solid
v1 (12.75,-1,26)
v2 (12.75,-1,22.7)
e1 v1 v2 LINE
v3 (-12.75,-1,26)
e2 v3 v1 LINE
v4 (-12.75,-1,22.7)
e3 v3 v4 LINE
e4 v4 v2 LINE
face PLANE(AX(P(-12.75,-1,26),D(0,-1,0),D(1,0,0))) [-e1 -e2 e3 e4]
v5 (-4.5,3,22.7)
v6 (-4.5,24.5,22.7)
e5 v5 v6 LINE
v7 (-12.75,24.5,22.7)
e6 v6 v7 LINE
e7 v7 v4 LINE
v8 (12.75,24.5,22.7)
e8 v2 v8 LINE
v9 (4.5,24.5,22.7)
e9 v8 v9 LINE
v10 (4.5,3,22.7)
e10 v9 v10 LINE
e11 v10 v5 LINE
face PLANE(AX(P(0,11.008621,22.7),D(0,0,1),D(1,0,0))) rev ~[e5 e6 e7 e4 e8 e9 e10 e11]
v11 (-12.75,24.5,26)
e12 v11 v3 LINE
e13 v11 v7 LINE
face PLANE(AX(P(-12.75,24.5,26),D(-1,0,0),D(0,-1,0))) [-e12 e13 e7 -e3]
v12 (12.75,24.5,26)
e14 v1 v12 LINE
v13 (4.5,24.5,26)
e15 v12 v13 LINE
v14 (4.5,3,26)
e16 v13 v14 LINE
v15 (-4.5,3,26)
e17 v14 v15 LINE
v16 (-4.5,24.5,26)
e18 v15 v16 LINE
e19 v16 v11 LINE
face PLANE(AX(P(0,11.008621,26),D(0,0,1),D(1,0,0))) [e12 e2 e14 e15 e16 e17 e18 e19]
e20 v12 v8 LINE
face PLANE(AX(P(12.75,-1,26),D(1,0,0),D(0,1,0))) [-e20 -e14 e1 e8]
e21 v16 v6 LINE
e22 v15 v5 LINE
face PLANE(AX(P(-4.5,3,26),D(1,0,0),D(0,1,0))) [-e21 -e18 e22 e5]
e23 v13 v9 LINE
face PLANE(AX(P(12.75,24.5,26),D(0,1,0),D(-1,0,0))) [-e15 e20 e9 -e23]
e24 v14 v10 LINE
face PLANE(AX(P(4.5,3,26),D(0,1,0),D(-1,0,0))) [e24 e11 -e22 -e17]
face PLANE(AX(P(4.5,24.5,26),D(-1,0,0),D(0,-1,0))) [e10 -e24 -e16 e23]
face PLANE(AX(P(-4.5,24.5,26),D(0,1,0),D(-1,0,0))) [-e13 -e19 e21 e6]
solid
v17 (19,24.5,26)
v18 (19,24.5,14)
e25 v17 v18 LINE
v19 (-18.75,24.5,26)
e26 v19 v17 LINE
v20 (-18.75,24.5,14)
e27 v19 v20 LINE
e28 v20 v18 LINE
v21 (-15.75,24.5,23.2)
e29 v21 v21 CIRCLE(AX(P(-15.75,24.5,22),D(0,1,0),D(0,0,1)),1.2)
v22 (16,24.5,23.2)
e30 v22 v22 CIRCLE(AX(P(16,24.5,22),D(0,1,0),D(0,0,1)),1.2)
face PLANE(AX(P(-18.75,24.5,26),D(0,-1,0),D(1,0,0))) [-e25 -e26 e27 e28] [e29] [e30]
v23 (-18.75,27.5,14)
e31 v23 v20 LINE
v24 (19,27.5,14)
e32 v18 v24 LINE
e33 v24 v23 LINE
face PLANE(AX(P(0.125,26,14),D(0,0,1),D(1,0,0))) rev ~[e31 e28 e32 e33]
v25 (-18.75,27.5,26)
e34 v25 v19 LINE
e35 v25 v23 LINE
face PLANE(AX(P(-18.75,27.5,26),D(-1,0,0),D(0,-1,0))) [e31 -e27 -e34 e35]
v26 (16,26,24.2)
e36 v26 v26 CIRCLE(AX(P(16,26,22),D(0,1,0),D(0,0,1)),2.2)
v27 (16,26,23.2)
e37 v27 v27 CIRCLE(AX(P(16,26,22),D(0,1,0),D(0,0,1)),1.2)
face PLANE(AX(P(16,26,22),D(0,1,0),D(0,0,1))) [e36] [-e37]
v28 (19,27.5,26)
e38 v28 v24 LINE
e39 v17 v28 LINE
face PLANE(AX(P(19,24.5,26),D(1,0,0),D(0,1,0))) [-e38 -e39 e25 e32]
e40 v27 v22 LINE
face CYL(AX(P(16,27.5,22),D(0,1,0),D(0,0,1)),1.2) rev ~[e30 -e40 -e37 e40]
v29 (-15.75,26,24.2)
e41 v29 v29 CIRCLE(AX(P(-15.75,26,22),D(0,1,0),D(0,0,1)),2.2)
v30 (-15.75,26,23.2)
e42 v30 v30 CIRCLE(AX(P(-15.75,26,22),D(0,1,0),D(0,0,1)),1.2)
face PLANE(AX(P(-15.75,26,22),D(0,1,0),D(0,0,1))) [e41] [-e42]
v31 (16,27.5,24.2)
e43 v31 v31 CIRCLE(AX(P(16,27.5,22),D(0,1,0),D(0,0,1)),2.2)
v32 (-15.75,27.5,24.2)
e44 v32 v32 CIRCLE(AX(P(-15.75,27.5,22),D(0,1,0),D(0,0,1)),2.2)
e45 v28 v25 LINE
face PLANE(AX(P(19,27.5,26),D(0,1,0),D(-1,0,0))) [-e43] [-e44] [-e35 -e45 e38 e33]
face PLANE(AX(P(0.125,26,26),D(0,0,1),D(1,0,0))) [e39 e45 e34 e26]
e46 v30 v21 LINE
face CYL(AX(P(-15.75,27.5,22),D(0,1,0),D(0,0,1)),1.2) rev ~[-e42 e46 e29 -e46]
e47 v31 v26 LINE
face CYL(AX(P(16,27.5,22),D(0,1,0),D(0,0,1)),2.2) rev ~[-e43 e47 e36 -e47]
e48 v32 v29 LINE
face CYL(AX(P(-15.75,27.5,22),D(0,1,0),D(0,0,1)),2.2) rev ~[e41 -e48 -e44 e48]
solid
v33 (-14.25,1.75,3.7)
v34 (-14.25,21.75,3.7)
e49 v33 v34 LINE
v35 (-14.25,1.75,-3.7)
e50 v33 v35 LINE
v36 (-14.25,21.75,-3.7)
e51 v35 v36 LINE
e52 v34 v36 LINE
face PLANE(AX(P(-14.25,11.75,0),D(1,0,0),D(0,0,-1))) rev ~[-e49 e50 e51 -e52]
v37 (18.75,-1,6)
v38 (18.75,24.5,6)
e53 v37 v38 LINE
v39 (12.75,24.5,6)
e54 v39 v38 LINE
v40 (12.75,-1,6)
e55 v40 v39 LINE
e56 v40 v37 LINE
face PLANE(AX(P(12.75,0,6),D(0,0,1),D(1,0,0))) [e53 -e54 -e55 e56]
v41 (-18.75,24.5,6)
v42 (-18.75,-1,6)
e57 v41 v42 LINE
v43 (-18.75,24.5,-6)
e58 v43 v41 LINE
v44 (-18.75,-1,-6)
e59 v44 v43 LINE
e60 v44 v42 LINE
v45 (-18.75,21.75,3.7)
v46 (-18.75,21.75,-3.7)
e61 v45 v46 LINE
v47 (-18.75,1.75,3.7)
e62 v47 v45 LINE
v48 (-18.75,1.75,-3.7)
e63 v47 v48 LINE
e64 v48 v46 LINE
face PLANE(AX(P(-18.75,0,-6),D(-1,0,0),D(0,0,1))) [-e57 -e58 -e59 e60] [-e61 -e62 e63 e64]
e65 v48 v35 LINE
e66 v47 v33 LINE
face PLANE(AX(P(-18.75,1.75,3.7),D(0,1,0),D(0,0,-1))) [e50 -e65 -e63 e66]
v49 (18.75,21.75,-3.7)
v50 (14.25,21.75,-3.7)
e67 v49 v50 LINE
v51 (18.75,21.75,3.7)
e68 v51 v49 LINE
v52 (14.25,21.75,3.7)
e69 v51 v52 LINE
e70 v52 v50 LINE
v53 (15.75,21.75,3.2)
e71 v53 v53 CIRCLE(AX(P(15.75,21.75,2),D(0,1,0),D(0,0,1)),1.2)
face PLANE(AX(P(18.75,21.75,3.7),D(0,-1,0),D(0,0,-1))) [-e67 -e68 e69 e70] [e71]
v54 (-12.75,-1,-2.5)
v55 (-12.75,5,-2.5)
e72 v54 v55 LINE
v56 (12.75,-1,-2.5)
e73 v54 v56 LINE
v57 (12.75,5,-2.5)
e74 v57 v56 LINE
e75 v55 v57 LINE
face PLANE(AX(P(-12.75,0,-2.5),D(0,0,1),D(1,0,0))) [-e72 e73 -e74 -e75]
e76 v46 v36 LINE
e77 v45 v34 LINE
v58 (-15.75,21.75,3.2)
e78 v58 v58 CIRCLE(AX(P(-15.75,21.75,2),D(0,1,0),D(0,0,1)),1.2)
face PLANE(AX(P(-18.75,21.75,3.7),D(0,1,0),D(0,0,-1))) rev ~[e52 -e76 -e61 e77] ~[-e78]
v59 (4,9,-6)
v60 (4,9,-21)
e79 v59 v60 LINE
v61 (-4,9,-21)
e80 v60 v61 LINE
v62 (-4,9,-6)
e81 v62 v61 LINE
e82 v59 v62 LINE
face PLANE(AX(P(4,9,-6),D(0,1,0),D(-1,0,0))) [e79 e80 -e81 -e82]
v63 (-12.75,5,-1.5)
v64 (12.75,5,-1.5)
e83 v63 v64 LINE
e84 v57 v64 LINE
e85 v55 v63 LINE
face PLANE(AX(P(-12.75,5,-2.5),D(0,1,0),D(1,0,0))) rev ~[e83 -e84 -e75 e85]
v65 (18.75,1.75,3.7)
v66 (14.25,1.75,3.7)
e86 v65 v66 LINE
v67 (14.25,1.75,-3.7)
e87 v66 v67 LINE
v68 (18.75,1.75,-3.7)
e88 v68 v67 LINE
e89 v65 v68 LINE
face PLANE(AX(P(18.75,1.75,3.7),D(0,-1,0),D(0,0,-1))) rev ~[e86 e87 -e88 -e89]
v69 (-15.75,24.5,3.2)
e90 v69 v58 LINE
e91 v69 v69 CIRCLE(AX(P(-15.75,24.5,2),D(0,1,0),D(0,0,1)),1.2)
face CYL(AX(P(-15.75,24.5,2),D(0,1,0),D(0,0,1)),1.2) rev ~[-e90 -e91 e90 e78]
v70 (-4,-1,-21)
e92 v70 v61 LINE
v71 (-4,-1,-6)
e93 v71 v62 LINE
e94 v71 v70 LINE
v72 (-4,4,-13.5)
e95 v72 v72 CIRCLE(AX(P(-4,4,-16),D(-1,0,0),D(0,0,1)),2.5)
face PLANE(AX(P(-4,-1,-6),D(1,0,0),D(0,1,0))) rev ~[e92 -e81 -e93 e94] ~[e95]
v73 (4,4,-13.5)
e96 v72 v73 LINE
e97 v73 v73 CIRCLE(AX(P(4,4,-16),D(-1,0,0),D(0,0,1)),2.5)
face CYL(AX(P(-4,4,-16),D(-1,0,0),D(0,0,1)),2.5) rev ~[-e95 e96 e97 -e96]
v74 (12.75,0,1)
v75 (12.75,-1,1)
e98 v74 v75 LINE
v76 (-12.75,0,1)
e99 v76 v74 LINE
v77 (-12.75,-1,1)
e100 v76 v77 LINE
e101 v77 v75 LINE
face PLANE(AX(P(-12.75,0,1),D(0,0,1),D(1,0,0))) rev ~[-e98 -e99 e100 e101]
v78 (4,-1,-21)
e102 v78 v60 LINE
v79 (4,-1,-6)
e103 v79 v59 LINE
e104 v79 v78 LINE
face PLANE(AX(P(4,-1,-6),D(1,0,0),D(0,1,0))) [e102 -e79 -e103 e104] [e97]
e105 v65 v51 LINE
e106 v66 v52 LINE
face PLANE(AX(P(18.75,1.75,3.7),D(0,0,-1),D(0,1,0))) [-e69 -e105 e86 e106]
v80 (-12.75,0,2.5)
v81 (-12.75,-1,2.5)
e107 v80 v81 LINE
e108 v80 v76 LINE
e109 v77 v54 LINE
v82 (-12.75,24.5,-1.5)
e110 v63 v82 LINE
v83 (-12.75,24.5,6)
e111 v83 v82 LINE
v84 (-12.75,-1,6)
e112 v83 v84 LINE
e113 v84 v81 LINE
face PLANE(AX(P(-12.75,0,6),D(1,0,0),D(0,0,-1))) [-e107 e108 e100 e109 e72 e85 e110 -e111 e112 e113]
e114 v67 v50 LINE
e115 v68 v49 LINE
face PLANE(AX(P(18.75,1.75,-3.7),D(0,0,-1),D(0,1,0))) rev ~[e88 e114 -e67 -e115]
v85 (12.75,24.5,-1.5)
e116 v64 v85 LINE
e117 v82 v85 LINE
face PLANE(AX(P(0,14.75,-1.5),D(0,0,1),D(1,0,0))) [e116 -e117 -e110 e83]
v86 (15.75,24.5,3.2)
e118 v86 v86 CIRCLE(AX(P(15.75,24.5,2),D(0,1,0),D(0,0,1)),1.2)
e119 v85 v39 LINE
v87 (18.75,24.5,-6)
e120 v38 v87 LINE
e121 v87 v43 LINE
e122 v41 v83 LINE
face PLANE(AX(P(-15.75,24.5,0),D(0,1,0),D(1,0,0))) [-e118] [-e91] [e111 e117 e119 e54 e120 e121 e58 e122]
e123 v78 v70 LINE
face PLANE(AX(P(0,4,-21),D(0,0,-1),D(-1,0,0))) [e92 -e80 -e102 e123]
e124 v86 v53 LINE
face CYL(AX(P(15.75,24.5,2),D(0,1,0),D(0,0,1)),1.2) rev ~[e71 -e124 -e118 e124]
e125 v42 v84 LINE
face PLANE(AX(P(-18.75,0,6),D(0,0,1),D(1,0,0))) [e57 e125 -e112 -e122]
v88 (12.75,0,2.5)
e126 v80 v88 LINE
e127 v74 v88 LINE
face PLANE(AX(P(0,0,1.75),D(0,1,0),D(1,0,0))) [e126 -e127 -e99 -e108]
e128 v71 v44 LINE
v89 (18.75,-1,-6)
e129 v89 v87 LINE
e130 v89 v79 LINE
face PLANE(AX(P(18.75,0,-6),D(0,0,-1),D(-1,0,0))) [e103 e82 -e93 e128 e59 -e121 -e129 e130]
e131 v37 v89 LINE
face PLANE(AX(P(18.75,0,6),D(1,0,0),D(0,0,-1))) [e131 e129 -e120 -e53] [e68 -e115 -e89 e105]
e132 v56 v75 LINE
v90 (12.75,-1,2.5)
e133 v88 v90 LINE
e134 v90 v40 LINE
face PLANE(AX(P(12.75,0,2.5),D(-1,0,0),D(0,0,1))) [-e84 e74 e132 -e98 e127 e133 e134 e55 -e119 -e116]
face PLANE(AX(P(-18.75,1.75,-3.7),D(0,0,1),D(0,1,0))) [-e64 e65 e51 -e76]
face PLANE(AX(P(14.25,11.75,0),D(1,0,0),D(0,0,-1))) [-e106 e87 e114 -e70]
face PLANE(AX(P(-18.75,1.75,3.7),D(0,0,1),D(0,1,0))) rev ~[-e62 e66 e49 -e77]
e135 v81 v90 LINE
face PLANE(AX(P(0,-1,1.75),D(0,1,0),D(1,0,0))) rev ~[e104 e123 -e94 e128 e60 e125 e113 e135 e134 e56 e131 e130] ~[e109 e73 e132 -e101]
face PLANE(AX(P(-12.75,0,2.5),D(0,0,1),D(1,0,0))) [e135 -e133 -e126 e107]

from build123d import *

# Parameters (mm, degrees)
SKETCH1_W           = 25.5
SKETCH1_H           = 3.5
BOSS_EXTRUDE1_DEPTH = 24.5
SKETCH1_3_W         = 25.5
SKETCH1_3_H         = 1.5
SKETCH1_3_H_2       = 3.5
BOSS_EXTRUDE2_DEPTH = 1
SKETCH2_R           = 1.2
CUT_EXTRUDE1_DEPTH  = 14.5
SKETCH5_W           = 7.4
SKETCH5_H           = 20
CUT_EXTRUDE3_DEPTH  = 4.5
BOSS_EXTRUDE3_START = 20
BOSS_EXTRUDE3_DEPTH = 3.3
BOSS_EXTRUDE4_START = 20
BOSS_EXTRUDE4_DEPTH = 12
SKETCH8_R           = 2.2
SKETCH8_R_2         = 1.2
CUT_EXTRUDE5_DEPTH  = 1.5
SKETCH8_3_R         = 1.2
CUT_EXTRUDE6_DEPTH  = 3
CUT_EXTRUDE7_START  = -37.5
SKETCH5_2_W         = 7.4
SKETCH5_2_H         = 20
CUT_EXTRUDE7_DEPTH  = 4.5
SKETCH9_W           = 25.5
SKETCH9_H           = 19.5
BOSS_EXTRUDE5_DEPTH = 1
SKETCH10_W          = 8
SKETCH10_H          = 10
BOSS_EXTRUDE6_DEPTH = 15
SKETCH11_R          = 2.5
CUT_EXTRUDE8_DEPTH  = 45.286002303


with BuildPart() as part:
    # Sketch1 → Boss-Extrude1 (new body)
    with BuildSketch(Plane(origin=(0, 0, 0), x_dir=(1, 0, 0), z_dir=(0, 1, 0))):
        Polygon((-12.75, -2.5), (-12.75, -1), (-12.75, 2.5), (-12.75, 6), (-18.75, 6), (-18.75, -6), (-12.75, -6), align=None)
        with Locations((0, 4.25)):
            Rectangle(SKETCH1_W, SKETCH1_H)
        Polygon((12.75, 2.5), (12.75, -1), (12.75, -2.5), (12.75, -6), (18.75, -6), (18.75, 6), (12.75, 6), align=None)
    extrude(amount=BOSS_EXTRUDE1_DEPTH)

    # Sketch1<3> → Boss-Extrude2 (add)
    with BuildSketch(Plane(origin=(0, 0, 0), x_dir=(1, 0, 0), z_dir=(0, 1, 0))):
        with Locations((0, -1.75)):
            Rectangle(SKETCH1_3_W, SKETCH1_3_H)
        Polygon((-12.75, -2.5), (-12.75, -1), (-12.75, 2.5), (-12.75, 6), (-18.75, 6), (-18.75, -6), (-12.75, -6), align=None)
        with Locations((0, 4.25)):
            Rectangle(SKETCH1_3_W, SKETCH1_3_H_2)
        Polygon((12.75, 2.5), (12.75, -1), (12.75, -2.5), (12.75, -6), (18.75, -6), (18.75, 6), (12.75, 6), align=None)
    extrude(amount=-BOSS_EXTRUDE2_DEPTH)

    # Sketch2 → Cut-Extrude1 (cut)
    with BuildSketch(Plane(origin=(0, 24.5, 0), x_dir=(1, 0, 0), z_dir=(0, 1, 0))):
        with Locations(Location((-15.75, -2, 0), (0, 0, 270))):
            Circle(SKETCH2_R)
        with Locations(Location((15.75, -2, 0), (0, 0, 270))):
            Circle(SKETCH2_R)
    extrude(amount=-CUT_EXTRUDE1_DEPTH, mode=Mode.SUBTRACT)

    # Sketch5 → Cut-Extrude3 (cut)
    with BuildSketch(Plane(origin=(18.75, 0, 0), x_dir=(0, 0, -1), z_dir=(1, 0, 0))):
        with Locations((0, 11.75)):
            Rectangle(SKETCH5_W, SKETCH5_H)
    extrude(amount=-CUT_EXTRUDE3_DEPTH, mode=Mode.SUBTRACT)

    # Sketch5<2> → Cut-Extrude7 (cut)
    with BuildSketch(Plane(origin=(18.75, 0, 0), x_dir=(0, 0, -1), z_dir=(1, 0, 0)).offset(CUT_EXTRUDE7_START)):
        with Locations((0, 11.75)):
            Rectangle(SKETCH5_2_W, SKETCH5_2_H)
    extrude(amount=CUT_EXTRUDE7_DEPTH, mode=Mode.SUBTRACT)

    # Sketch9 → Boss-Extrude5 (add)
    with BuildSketch(Plane.XY.offset(-2.5)):
        with Locations((0, 14.75)):
            Rectangle(SKETCH9_W, SKETCH9_H)
    extrude(amount=BOSS_EXTRUDE5_DEPTH)

    # Sketch10 → Boss-Extrude6 (add)
    with BuildSketch(Plane(origin=(0, 0, -6), x_dir=(-1, 0, 0), z_dir=(0, 0, -1))):
        with Locations((0, 4)):
            Rectangle(SKETCH10_W, SKETCH10_H)
    extrude(amount=BOSS_EXTRUDE6_DEPTH)

    # Sketch11 → Cut-Extrude8 (cut, through all)
    with BuildSketch(Plane.ZY.offset(4)):
        with Locations((-16, 4)):
            Circle(SKETCH11_R)
    extrude(amount=-CUT_EXTRUDE8_DEPTH, mode=Mode.SUBTRACT)


with BuildPart() as body_2:
    # Sketch7 → Boss-Extrude3 (new body)
    with BuildSketch(Plane.XY.offset(6).offset(BOSS_EXTRUDE3_START)):
        Polygon((-4.5, 24.5), (-12.75, 24.5), (-12.75, -1), (12.75, -1), (12.75, 24.5), (4.5, 24.5), (4.5, 15.5), (4.5, 3), (-4.5, 3), (-4.5, 15.5), align=None)
    extrude(amount=-BOSS_EXTRUDE3_DEPTH)


with BuildPart() as body_3:
    # Sketch7<3> → Boss-Extrude4 (new body)
    with BuildSketch(Plane.XY.offset(6).offset(BOSS_EXTRUDE4_START)):
        Polygon((-18.75, 24.5), (-12.75, 24.5), (-4.5, 24.5), (4.5, 24.5), (12.75, 24.5), (19, 24.5), (19, 27.5), (-18.75, 27.5), align=None)
    extrude(amount=-BOSS_EXTRUDE4_DEPTH)

    # Sketch8 → Cut-Extrude5 (cut)
    # profile 1 of 2: a face of its own
    with BuildSketch(Plane(origin=(0, 27.5, 0), x_dir=(1, 0, 0), z_dir=(0, 1, 0))):
        with Locations(Location((-15.75, -22, 0), (0, 0, 270))):
            Circle(SKETCH8_R)
    # profile 2 of 2: a face of its own
    with BuildSketch(Plane(origin=(0, 27.5, 0), x_dir=(1, 0, 0), z_dir=(0, 1, 0))):
        with Locations(Location((16, -22, 0), (0, 0, 270))):
            Circle(SKETCH8_R)
        with Locations(Location((16, -22, 0), (0, 0, 270))):
            Circle(SKETCH8_R_2, mode=Mode.SUBTRACT)
    extrude(amount=-CUT_EXTRUDE5_DEPTH, mode=Mode.SUBTRACT)

    # Sketch8<3> → Cut-Extrude6 (cut)
    with BuildSketch(Plane(origin=(0, 27.5, 0), x_dir=(1, 0, 0), z_dir=(0, 1, 0))):
        with Locations(Location((-15.75, -22, 0), (0, 0, 270))):
            Circle(SKETCH8_3_R)
        with Locations(Location((16, -22, 0), (0, 0, 270))):
            Circle(SKETCH8_3_R)
    extrude(amount=-CUT_EXTRUDE6_DEPTH, mode=Mode.SUBTRACT)


solid = Compound([part.part, body_2.part, body_3.part])
